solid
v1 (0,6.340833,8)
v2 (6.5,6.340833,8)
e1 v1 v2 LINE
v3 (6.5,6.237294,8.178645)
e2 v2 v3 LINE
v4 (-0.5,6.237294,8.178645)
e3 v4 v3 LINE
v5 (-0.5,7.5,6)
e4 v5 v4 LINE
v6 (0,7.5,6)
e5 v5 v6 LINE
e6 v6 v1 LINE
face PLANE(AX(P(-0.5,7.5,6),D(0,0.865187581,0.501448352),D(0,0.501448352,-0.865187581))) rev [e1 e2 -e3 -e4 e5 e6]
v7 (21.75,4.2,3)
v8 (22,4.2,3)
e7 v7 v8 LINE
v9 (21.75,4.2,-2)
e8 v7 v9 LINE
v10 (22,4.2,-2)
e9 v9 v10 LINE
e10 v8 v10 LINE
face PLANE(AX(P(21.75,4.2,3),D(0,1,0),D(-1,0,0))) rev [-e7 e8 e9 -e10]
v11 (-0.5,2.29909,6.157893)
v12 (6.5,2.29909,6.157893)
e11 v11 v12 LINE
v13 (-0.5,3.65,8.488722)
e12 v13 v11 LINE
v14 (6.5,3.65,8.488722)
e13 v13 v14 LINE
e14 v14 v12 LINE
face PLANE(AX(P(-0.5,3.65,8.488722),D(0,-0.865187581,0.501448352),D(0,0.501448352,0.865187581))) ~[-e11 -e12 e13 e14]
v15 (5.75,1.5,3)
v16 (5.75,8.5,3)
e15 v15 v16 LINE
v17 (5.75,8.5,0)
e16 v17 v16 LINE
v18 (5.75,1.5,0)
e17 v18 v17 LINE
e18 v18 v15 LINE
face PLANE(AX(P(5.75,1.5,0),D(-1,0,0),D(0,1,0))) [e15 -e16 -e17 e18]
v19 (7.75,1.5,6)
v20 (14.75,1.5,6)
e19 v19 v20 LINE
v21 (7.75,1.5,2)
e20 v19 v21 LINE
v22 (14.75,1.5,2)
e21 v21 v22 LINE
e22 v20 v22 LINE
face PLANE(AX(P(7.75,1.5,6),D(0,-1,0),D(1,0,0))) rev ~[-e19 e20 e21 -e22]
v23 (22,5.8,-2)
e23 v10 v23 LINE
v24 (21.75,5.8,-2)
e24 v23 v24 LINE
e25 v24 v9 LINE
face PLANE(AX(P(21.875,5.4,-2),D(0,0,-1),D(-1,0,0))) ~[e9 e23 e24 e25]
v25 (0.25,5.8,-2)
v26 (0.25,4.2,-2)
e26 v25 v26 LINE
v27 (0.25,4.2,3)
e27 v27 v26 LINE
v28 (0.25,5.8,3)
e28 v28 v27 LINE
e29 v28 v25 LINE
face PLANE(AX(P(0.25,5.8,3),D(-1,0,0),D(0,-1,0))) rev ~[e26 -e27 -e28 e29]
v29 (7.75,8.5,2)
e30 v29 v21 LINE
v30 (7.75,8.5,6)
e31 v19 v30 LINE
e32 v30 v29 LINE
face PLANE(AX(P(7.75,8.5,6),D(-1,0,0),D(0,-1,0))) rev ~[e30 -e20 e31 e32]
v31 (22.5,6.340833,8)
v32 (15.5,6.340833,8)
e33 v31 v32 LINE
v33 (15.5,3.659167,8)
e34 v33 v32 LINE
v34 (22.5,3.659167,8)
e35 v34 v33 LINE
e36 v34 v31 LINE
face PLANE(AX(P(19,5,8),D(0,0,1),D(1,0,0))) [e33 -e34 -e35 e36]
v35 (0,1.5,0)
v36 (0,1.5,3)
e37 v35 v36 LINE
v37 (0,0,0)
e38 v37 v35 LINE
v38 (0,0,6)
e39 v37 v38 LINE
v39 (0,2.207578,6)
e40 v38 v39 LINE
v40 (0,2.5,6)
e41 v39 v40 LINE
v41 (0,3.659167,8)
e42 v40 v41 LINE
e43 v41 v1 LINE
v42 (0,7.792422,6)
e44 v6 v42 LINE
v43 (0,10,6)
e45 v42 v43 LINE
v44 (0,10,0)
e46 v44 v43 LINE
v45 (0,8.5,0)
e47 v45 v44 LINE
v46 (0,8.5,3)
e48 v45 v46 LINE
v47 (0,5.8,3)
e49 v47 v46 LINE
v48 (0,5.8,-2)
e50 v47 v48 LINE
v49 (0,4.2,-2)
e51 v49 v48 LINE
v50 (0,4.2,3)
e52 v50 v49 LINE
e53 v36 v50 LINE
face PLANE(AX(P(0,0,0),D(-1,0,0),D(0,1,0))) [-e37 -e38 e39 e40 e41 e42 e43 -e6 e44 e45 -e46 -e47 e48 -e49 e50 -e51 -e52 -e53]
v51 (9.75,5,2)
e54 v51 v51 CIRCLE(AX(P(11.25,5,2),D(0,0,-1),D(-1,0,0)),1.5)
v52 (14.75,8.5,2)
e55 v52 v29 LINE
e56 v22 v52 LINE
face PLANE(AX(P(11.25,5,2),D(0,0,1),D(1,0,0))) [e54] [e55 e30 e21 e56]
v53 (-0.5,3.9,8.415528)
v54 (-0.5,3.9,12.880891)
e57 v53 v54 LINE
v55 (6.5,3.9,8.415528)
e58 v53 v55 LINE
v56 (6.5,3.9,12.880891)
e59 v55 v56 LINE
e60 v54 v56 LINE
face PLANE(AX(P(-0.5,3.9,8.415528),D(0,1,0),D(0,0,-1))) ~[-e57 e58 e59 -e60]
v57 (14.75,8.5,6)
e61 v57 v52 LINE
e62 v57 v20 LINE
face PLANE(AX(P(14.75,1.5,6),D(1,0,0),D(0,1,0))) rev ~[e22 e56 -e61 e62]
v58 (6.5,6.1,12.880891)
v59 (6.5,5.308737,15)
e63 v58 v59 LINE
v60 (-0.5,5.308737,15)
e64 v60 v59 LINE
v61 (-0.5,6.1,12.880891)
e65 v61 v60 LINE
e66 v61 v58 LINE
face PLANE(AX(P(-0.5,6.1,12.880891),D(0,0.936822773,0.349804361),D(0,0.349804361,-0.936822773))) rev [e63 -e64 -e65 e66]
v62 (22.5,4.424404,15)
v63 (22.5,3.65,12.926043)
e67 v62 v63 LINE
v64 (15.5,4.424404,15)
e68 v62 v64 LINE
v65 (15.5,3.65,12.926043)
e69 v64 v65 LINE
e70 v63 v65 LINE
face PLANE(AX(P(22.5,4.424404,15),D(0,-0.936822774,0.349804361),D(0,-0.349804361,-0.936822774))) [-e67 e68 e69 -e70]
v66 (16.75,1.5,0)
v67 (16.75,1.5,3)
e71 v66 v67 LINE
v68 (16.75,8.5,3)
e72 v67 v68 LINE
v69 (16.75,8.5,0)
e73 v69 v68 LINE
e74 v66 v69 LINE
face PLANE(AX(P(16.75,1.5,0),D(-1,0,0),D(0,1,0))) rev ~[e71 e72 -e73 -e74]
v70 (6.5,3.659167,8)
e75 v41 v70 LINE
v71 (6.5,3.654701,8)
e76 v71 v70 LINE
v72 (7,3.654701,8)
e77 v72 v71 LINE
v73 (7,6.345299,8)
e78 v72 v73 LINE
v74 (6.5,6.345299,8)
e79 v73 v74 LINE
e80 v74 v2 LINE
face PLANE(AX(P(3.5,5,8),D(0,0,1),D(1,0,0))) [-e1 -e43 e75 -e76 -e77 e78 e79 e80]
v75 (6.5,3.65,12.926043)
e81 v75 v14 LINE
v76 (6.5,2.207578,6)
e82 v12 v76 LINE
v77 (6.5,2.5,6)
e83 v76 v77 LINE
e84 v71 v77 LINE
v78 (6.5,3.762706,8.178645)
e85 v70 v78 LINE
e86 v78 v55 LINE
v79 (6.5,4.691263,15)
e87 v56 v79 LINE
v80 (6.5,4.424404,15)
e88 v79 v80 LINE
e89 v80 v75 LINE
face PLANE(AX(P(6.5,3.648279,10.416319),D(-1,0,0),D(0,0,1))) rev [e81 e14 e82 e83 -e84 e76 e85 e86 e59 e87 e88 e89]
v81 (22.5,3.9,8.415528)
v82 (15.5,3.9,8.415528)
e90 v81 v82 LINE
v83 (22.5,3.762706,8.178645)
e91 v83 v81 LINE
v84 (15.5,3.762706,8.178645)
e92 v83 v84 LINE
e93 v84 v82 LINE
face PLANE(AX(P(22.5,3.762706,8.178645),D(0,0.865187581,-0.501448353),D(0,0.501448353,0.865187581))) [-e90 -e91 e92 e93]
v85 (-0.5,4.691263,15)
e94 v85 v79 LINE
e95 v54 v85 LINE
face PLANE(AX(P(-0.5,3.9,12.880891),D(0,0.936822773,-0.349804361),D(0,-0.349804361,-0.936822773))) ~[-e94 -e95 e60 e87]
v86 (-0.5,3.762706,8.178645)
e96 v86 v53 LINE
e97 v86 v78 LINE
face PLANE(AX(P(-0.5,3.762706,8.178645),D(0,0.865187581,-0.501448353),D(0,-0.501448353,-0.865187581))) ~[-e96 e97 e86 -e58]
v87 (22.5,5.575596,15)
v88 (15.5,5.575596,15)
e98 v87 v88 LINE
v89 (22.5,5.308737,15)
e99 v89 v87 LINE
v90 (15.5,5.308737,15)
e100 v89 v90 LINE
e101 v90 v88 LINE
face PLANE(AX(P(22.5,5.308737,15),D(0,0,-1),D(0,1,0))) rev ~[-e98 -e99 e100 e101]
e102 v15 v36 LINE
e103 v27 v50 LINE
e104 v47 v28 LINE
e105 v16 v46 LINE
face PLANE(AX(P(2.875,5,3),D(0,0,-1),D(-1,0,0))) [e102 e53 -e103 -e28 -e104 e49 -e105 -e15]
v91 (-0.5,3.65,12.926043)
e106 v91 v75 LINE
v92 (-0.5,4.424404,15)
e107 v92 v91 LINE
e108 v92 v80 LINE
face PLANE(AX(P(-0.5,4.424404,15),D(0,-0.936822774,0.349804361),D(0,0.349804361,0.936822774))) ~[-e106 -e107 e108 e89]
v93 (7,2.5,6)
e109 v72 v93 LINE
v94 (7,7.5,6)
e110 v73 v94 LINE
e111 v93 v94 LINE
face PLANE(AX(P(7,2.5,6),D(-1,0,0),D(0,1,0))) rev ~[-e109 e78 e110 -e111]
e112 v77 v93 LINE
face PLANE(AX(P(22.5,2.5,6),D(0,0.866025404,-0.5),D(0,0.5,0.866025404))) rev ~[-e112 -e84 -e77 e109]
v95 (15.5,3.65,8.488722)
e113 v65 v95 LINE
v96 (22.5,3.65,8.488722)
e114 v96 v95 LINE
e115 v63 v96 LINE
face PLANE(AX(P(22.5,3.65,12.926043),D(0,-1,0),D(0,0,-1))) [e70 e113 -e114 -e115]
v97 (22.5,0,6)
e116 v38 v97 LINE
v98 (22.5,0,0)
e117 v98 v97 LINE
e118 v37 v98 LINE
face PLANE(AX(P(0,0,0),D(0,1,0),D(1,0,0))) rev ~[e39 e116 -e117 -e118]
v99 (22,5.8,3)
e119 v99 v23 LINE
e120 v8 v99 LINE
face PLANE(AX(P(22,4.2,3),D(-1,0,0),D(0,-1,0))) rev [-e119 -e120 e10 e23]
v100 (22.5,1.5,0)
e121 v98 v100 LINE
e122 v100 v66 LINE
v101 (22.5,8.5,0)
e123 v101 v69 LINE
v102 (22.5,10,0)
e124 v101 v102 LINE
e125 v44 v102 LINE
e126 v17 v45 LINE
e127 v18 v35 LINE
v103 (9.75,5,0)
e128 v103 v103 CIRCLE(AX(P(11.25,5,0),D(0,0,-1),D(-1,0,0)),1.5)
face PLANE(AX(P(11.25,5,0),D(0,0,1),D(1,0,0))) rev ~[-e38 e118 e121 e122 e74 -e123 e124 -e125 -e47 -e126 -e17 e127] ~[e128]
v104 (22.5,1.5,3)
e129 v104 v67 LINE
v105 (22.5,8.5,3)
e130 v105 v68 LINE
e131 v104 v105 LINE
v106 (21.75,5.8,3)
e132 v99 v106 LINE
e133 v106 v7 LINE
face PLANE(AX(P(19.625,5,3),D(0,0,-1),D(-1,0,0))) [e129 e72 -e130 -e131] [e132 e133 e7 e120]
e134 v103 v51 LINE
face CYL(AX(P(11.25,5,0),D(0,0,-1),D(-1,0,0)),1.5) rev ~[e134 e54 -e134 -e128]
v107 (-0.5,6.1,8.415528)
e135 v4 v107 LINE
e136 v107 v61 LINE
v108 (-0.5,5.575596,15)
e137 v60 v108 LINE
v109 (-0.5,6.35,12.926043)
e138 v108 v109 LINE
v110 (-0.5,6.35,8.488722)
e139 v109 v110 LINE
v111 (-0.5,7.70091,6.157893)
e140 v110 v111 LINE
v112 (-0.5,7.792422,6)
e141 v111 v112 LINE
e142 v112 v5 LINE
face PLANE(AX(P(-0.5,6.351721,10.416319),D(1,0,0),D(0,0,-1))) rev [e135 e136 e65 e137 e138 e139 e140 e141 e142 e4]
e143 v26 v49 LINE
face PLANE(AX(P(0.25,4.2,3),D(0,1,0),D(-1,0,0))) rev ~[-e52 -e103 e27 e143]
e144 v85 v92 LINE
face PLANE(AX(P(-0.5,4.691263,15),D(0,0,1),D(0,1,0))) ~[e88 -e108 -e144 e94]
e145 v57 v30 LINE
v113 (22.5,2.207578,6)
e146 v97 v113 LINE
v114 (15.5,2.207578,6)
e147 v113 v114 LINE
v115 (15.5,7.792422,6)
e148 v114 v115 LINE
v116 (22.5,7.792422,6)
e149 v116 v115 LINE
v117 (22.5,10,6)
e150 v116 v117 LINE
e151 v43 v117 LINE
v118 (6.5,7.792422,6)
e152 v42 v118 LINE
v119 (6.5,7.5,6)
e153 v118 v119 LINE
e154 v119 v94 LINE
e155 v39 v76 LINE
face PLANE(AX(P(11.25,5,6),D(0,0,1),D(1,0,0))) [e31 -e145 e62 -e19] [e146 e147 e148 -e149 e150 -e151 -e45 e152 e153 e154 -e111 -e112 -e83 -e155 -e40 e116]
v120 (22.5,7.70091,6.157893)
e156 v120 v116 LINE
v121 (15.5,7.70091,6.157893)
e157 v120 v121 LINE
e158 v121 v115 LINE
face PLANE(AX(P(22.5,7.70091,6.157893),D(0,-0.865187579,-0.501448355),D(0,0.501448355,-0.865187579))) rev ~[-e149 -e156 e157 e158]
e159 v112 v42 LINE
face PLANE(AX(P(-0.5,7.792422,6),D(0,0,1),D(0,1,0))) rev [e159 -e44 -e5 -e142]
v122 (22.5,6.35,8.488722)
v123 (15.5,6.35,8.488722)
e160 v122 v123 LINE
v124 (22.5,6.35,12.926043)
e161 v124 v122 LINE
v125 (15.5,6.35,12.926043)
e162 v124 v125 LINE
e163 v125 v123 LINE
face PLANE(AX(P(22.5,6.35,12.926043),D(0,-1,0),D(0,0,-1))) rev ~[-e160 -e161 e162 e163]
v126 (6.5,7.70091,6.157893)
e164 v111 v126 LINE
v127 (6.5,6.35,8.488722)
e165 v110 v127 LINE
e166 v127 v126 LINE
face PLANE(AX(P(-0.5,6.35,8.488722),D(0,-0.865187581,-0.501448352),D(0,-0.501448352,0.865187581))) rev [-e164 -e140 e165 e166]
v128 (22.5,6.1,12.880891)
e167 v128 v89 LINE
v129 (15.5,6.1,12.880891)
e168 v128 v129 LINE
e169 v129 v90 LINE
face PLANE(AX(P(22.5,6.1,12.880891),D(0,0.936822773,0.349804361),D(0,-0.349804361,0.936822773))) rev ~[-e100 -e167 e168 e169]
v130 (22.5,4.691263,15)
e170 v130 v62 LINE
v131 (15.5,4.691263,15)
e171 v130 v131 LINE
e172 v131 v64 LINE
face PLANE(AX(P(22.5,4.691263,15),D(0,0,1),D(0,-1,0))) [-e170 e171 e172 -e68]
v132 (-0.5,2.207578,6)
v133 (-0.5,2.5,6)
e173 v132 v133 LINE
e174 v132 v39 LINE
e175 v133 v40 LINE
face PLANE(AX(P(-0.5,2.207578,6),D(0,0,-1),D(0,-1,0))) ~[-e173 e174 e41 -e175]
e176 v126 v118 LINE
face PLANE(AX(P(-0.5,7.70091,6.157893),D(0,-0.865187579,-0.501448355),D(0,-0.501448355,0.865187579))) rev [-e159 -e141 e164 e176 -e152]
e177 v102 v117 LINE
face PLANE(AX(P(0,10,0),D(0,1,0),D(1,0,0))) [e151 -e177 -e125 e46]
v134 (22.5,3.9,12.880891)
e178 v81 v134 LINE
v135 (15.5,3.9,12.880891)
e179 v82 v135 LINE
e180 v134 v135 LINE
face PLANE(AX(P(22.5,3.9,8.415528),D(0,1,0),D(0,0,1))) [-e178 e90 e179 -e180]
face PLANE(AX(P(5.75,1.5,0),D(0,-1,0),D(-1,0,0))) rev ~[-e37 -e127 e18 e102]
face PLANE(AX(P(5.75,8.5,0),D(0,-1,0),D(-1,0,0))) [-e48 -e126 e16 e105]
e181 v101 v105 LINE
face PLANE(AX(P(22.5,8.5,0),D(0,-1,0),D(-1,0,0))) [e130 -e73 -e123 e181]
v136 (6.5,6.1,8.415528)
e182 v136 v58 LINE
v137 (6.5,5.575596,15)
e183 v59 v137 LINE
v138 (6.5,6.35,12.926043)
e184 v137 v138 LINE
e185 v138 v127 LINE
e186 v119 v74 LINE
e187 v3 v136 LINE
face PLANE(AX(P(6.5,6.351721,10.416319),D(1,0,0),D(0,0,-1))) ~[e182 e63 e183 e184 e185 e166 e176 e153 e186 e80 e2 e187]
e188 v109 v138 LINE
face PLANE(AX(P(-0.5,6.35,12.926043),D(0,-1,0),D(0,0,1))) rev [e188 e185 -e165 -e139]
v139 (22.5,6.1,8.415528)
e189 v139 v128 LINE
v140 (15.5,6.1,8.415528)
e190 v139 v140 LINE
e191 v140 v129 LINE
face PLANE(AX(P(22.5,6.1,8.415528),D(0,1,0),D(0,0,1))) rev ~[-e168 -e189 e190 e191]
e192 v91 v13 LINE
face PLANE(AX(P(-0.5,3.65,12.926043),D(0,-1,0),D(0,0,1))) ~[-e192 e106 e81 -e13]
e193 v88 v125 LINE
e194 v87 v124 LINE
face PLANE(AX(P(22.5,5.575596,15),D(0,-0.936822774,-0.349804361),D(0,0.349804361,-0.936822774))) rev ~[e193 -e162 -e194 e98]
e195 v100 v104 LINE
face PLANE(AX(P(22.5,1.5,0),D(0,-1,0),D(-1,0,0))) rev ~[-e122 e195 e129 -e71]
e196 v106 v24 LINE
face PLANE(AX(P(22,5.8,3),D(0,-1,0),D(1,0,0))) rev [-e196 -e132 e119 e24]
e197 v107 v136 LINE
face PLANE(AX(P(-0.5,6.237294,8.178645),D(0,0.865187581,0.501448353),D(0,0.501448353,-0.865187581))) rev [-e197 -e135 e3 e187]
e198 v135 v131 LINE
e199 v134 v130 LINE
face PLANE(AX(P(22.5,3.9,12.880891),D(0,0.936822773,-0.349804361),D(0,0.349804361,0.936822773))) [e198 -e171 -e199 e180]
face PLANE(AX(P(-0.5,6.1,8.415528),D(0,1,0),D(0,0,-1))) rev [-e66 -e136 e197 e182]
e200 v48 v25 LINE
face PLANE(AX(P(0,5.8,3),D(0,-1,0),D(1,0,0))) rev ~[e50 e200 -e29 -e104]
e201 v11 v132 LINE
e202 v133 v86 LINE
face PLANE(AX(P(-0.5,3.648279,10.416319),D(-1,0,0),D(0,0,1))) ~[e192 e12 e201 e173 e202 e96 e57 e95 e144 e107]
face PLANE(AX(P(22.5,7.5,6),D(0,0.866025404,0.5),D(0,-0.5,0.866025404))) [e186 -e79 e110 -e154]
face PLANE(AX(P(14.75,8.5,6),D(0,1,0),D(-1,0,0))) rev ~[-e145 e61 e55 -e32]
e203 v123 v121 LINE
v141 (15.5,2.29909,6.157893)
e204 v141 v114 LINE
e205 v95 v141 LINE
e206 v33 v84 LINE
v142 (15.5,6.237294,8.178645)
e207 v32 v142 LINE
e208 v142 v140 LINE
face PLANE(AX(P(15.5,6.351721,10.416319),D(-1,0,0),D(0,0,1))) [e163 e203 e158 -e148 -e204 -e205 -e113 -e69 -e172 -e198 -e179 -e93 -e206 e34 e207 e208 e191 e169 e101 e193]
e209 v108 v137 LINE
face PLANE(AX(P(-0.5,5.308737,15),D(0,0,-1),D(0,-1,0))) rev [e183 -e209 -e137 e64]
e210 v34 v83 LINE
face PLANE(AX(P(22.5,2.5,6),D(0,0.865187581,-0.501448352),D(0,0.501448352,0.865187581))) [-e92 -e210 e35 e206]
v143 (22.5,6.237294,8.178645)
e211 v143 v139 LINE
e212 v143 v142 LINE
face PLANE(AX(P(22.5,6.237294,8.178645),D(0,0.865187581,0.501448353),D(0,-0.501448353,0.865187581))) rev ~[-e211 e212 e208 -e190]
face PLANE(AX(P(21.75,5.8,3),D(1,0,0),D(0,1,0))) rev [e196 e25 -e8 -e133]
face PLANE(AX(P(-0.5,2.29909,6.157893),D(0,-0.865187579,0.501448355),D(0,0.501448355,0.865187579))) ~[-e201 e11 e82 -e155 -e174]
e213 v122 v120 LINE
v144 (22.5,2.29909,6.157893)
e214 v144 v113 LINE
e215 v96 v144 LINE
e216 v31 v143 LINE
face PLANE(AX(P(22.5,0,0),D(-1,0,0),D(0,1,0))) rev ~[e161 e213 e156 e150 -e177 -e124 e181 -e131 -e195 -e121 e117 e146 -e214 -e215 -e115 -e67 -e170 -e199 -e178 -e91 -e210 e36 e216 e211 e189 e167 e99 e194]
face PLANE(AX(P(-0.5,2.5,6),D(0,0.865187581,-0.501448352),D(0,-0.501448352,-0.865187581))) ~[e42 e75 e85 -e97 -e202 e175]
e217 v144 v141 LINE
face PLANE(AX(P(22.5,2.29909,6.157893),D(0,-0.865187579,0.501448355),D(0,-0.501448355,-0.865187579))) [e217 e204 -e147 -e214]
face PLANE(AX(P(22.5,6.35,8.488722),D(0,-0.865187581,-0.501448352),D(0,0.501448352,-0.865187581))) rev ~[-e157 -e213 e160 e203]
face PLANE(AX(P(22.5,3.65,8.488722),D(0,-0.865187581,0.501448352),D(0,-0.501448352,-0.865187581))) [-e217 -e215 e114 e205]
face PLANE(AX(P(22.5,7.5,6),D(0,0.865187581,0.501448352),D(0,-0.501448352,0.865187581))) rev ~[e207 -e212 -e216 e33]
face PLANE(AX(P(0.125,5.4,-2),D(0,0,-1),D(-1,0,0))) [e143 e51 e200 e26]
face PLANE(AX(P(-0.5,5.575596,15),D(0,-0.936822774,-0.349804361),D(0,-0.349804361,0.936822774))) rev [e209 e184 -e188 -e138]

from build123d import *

# Parameters (mm, degrees)
SKETCH_1_W          = 22.5
SKETCH_1_H          = 10
EXTRUDE_1_DEPTH     = 6
SKETCH_2_R          = 1.5
CUT_EXTRUDE_1_DEPTH = 26.342651795
SKETCH_3_W          = 5.75
SKETCH_3_H          = 7
CUT_EXTRUDE_2_DEPTH = 3
CUT_EXTRUDE_3_DEPTH = 4
SKETCH_5_W          = 7
SKETCH_5_H          = 5
EXTRUDE_2_DEPTH     = 2
CUT_EXTRUDE_4_DEPTH = 26.889186932
EXTRUDE_3_DEPTH     = 7
EXTRUDE_4_DEPTH     = 5


with BuildPart() as part:
    # 草图1 → 凸台-拉伸1 (new body)
    with BuildSketch(Plane.XY):
        with Locations((11.25, 5)):
            Rectangle(SKETCH_1_W, SKETCH_1_H)
    extrude(amount=EXTRUDE_1_DEPTH)

    # 草图2 → 切除-拉伸1 (cut, through all)
    with BuildSketch(Plane(origin=(0, 0, 0), x_dir=(-1, 0, 0), z_dir=(0, 0, -1))):
        with Locations((-11.25, 5)):
            Circle(SKETCH_2_R)
    extrude(amount=-CUT_EXTRUDE_1_DEPTH, mode=Mode.SUBTRACT)

    # 草图3 → 切除-拉伸2 (cut)
    with BuildSketch(Plane(origin=(0, 0, 0), x_dir=(-1, 0, 0), z_dir=(0, 0, -1))):
        with Locations((-19.625, 5)):
            Rectangle(SKETCH_3_W, SKETCH_3_H)
        with Locations((-2.875, 5)):
            Rectangle(SKETCH_3_W, SKETCH_3_H)
    extrude(amount=-CUT_EXTRUDE_2_DEPTH, mode=Mode.SUBTRACT)

    # 草图4 → 切除-拉伸3 (cut)
    with BuildSketch(Plane.XY.offset(6)):
        Polygon((14.75, 1.5), (14.75, 8.5), (11.25, 8.5), (7.75, 8.5), (7.75, 1.5), (11.25, 1.5), align=None)
    extrude(amount=-CUT_EXTRUDE_3_DEPTH, mode=Mode.SUBTRACT)

    # 草图5 → 凸台-拉伸2 (add)
    with BuildSketch(Plane.XY.offset(6)):
        with Locations((19, 5)):
            Rectangle(SKETCH_5_W, SKETCH_5_H)
        with Locations((3.5, 5)):
            Rectangle(SKETCH_5_W, SKETCH_5_H)
    extrude(amount=EXTRUDE_2_DEPTH)

    # 草图6 → 切除-拉伸4 (cut, through all)
    with BuildSketch(Plane(origin=(22.5, 0, 0), x_dir=(0, 0, -1), z_dir=(1, 0, 0))):
        Polygon((-6, 7.5), (-8, 6.345299462), (-8, 7.5), align=None)
        Polygon((-8, 3.654700538), (-8, 2.5), (-6, 2.5), align=None)
    extrude(amount=-CUT_EXTRUDE_4_DEPTH, mode=Mode.SUBTRACT)

    # 草图7 → 凸台-拉伸3 (add)
    with BuildSketch(Plane(origin=(22.5, 0, 0), x_dir=(0, 0, -1), z_dir=(1, 0, 0))):
        Polygon((-6, 7.5), (-8.178644615, 6.237293765), (-8.415528154, 6.1), (-12.880891483, 6.1), (-15, 5.308736783), (-15, 5.575596223), (-12.926043311, 6.35), (-8.488722342, 6.35), (-6.157893093, 7.700909921), (-6, 7.792422136), align=None)
        Polygon((-6, 2.5), (-8.178644615, 3.762706235), (-8.415528154, 3.9), (-12.880891483, 3.9), (-15, 4.691263217), (-15, 4.424403777), (-12.926043311, 3.65), (-8.488722342, 3.65), (-6.157893093, 2.299090079), (-6, 2.207577864), align=None)
    extrude_3 = extrude(amount=-EXTRUDE_3_DEPTH)

    # 镜向1: 凸台-拉伸3 across plane
    add(extrude_3.mirror(Plane(origin=(11, 0, 0), x_dir=(0, 0, 1), z_dir=(1, 0, 0))))

    # 草图8 → 凸台-拉伸4 (add)
    with BuildSketch(Plane(origin=(0, 0, 3), x_dir=(-1, 0, 0), z_dir=(0, 0, -1))):
        Polygon((-0.25, 5.8), (-0.25, 5), (0, 5), (0, 5.007441817), (0, 5.8), align=None)
        Polygon((0, 5), (-0.25, 5), (-0.25, 4.2), (0, 4.2), (0, 4.992558183), align=None)
    extrude_4 = extrude(amount=EXTRUDE_4_DEPTH)

    # 镜向2: 凸台-拉伸4 across plane
    add(extrude_4.mirror(Plane(origin=(11, 0, 0), x_dir=(0, 0, 1), z_dir=(1, 0, 0))))


solid = part.part
